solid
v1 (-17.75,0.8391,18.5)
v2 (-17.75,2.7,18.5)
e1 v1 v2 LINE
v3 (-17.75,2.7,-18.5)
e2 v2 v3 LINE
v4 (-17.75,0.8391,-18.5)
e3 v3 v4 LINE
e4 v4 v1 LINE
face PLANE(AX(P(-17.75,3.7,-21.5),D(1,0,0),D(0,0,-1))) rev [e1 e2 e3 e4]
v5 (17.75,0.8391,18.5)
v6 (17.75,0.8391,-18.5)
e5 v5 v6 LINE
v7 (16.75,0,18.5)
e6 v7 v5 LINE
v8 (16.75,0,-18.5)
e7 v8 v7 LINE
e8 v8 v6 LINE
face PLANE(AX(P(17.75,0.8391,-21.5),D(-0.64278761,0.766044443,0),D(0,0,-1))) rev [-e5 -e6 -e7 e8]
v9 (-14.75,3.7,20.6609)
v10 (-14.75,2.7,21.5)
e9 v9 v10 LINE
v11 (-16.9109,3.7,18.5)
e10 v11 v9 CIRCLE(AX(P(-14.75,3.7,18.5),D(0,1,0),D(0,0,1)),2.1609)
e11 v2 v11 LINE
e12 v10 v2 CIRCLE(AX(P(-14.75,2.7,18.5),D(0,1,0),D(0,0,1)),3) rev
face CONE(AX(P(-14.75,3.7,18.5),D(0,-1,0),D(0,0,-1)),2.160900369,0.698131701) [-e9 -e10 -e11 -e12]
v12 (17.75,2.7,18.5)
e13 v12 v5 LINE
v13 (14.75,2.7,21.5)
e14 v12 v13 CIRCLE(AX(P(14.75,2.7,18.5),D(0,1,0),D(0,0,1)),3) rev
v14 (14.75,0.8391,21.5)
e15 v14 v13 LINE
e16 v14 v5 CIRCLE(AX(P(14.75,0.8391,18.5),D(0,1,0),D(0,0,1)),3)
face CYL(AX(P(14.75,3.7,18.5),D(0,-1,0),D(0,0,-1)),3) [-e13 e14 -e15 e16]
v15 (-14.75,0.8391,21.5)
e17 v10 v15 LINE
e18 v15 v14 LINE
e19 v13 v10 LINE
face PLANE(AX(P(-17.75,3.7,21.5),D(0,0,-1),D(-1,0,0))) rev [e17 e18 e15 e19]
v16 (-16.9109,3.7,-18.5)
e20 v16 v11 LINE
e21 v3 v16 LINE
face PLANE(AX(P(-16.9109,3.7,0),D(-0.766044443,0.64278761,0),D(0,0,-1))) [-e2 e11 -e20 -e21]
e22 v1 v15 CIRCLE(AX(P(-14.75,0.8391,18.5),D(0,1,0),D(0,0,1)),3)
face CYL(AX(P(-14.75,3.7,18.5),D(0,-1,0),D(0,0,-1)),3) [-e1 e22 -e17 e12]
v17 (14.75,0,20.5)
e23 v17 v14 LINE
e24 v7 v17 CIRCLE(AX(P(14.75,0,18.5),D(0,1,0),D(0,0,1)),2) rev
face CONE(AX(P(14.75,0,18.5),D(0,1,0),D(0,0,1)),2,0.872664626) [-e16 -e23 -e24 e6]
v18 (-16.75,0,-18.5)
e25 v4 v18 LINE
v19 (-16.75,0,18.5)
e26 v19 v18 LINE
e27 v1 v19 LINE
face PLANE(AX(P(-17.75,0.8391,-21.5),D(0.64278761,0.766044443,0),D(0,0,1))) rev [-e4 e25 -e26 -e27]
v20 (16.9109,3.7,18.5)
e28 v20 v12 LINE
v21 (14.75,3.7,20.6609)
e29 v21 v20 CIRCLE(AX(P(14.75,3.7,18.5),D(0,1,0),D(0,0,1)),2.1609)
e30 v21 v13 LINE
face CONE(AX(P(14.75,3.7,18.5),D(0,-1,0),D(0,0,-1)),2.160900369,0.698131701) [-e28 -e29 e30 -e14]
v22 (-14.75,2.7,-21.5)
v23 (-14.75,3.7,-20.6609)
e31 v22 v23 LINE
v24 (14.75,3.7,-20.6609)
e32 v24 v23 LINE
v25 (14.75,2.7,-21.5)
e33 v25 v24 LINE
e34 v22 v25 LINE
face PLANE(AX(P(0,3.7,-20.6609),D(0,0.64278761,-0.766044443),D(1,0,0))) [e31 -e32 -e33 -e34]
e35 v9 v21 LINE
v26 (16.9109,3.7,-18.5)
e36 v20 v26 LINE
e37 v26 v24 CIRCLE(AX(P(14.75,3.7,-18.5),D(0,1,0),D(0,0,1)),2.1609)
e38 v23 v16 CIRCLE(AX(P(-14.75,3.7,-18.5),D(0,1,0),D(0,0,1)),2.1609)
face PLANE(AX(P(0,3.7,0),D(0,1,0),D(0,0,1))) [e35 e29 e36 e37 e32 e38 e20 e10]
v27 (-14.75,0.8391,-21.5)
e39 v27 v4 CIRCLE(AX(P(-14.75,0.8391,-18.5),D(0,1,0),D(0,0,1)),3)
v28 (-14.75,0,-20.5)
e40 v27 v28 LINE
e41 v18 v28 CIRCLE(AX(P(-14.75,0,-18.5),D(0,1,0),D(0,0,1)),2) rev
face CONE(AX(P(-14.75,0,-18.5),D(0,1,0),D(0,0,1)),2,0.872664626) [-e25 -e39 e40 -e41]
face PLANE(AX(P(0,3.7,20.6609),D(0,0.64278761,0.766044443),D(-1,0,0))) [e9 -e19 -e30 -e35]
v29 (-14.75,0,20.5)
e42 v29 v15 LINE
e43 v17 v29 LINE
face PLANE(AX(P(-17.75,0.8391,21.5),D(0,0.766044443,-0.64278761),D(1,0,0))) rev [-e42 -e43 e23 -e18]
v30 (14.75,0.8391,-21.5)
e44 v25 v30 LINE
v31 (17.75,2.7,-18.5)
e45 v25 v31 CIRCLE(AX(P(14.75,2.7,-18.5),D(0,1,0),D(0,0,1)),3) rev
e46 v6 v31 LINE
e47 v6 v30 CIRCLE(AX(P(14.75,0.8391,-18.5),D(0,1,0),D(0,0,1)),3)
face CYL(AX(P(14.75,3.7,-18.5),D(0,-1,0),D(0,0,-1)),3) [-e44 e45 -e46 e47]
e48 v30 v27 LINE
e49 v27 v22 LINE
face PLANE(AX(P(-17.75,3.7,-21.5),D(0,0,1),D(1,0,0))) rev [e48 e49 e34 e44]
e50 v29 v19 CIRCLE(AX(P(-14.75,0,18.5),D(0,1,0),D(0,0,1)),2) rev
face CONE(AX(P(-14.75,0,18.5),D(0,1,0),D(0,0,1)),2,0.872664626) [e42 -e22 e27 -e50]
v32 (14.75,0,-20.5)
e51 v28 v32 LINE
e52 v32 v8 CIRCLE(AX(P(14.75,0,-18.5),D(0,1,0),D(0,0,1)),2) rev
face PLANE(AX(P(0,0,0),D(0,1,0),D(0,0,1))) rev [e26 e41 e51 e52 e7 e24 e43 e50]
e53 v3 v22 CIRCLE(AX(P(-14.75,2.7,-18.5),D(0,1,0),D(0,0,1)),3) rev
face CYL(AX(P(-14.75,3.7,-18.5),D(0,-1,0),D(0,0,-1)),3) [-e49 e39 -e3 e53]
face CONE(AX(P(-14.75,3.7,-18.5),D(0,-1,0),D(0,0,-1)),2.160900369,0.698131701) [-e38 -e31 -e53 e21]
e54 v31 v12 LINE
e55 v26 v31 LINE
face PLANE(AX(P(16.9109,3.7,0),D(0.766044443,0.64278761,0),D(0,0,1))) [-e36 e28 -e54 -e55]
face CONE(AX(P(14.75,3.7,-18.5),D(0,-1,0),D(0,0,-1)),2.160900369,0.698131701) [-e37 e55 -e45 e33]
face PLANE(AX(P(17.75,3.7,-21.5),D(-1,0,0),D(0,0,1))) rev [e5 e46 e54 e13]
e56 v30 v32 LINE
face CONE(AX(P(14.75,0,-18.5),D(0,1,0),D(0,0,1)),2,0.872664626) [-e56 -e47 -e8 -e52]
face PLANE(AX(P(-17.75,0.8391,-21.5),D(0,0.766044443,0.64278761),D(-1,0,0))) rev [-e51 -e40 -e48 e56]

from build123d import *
from OCP.BRepFilletAPI import BRepFilletAPI_MakeChamfer

# Parameters (mm, degrees)
SKETCH_1_W      = 35.5
SKETCH_1_H      = 43
EXTRUDE_1_DEPTH = 3.7
FILLET_1_R      = 3
CHAMFER_1_SIZE  = 1
CHAMFER_1_SIZE2 = 0.839099631


with BuildPart() as part:
    # Эскиз1 → Бобышка-Вытянуть1 (new body)
    with BuildSketch(Plane(origin=(0, 0, 0), x_dir=(1, 0, 0), z_dir=(0, 1, 0))):
        Rectangle(SKETCH_1_W, SKETCH_1_H)
    extrude(amount=EXTRUDE_1_DEPTH)

    # Скругление1
    fillet_1_edges = [part.edges().sort_by_distance(p)[0] for p in [
        (17.75, 1.85, 21.5),
        (-17.75, 1.85, 21.5),
        (-17.75, 1.85, -21.5),
        (17.75, 1.85, -21.5),
    ]]
    fillet(fillet_1_edges, radius=FILLET_1_R)

    # Фаска1: one chamfer whose edges measure the first distance from different faces: ONE call of the kernel's chamfer builder (chamfer() names one face for all edges)
    chamfer_1_edges_1 = [part.edges().sort_by_distance(p)[0] for p in [
        (-17.75, 0, 0),
        (17.75, 0, 0),
        (0, 0, 21.5),
        (0, 0, -21.5),
        (-16.871320344, 0, 20.621320344),
        (16.871320344, 0, 20.621320344),
        (16.871320344, 0, -20.621320344),
        (-16.871320344, 0, -20.621320344),
    ]]
    chamfer_1_side_1 = [part.faces().sort_by_distance(p)[0] for p in [
        (0, 0, 0),
    ]]
    chamfer_1_edges_2 = [part.edges().sort_by_distance(p)[0] for p in [
        (-17.75, 3.7, 0),
    ]]
    chamfer_1_side_2 = [part.faces().sort_by_distance(p)[0] for p in [
        (-17.75, 1.85, 0),
    ]]
    chamfer_1_edges_3 = [part.edges().sort_by_distance(p)[0] for p in [
        (0, 3.7, -21.5),
    ]]
    chamfer_1_side_3 = [part.faces().sort_by_distance(p)[0] for p in [
        (0, 1.85, -21.5),
    ]]
    chamfer_1_edges_4 = [part.edges().sort_by_distance(p)[0] for p in [
        (17.75, 3.7, 0),
    ]]
    chamfer_1_side_4 = [part.faces().sort_by_distance(p)[0] for p in [
        (17.75, 1.85, 0),
    ]]
    chamfer_1_edges_5 = [part.edges().sort_by_distance(p)[0] for p in [
        (0, 3.7, 21.5),
    ]]
    chamfer_1_side_5 = [part.faces().sort_by_distance(p)[0] for p in [
        (0, 1.85, 21.5),
    ]]
    chamfer_1_edges_6 = [part.edges().sort_by_distance(p)[0] for p in [
        (-16.871320344, 3.7, 20.621320344),
    ]]
    chamfer_1_side_6 = [part.faces().sort_by_distance(p)[0] for p in [
        (-16.871320344, 1.85, 20.621320344),
    ]]
    chamfer_1_edges_7 = [part.edges().sort_by_distance(p)[0] for p in [
        (16.871320344, 3.7, 20.621320344),
    ]]
    chamfer_1_side_7 = [part.faces().sort_by_distance(p)[0] for p in [
        (16.871320344, 1.85, 20.621320344),
    ]]
    chamfer_1_edges_8 = [part.edges().sort_by_distance(p)[0] for p in [
        (16.871320344, 3.7, -20.621320344),
    ]]
    chamfer_1_side_8 = [part.faces().sort_by_distance(p)[0] for p in [
        (16.871320344, 1.85, -20.621320344),
    ]]
    chamfer_1_edges_9 = [part.edges().sort_by_distance(p)[0] for p in [
        (-16.871320344, 3.7, -20.621320344),
    ]]
    chamfer_1_side_9 = [part.faces().sort_by_distance(p)[0] for p in [
        (-16.871320344, 1.85, -20.621320344),
    ]]
    chamfer_1 = BRepFilletAPI_MakeChamfer(part.part.solid().wrapped)
    for e in chamfer_1_edges_1:
        chamfer_1.Add(CHAMFER_1_SIZE, CHAMFER_1_SIZE2, e.wrapped, chamfer_1_side_1[0].wrapped)  # the first distance lies on this face
    for e in chamfer_1_edges_2:
        chamfer_1.Add(CHAMFER_1_SIZE, CHAMFER_1_SIZE2, e.wrapped, chamfer_1_side_2[0].wrapped)  # the first distance lies on this face
    for e in chamfer_1_edges_3:
        chamfer_1.Add(CHAMFER_1_SIZE, CHAMFER_1_SIZE2, e.wrapped, chamfer_1_side_3[0].wrapped)  # the first distance lies on this face
    for e in chamfer_1_edges_4:
        chamfer_1.Add(CHAMFER_1_SIZE, CHAMFER_1_SIZE2, e.wrapped, chamfer_1_side_4[0].wrapped)  # the first distance lies on this face
    for e in chamfer_1_edges_5:
        chamfer_1.Add(CHAMFER_1_SIZE, CHAMFER_1_SIZE2, e.wrapped, chamfer_1_side_5[0].wrapped)  # the first distance lies on this face
    for e in chamfer_1_edges_6:
        chamfer_1.Add(CHAMFER_1_SIZE, CHAMFER_1_SIZE2, e.wrapped, chamfer_1_side_6[0].wrapped)  # the first distance lies on this face
    for e in chamfer_1_edges_7:
        chamfer_1.Add(CHAMFER_1_SIZE, CHAMFER_1_SIZE2, e.wrapped, chamfer_1_side_7[0].wrapped)  # the first distance lies on this face
    for e in chamfer_1_edges_8:
        chamfer_1.Add(CHAMFER_1_SIZE, CHAMFER_1_SIZE2, e.wrapped, chamfer_1_side_8[0].wrapped)  # the first distance lies on this face
    for e in chamfer_1_edges_9:
        chamfer_1.Add(CHAMFER_1_SIZE, CHAMFER_1_SIZE2, e.wrapped, chamfer_1_side_9[0].wrapped)  # the first distance lies on this face
    add(Compound.cast(chamfer_1.Shape()), mode=Mode.REPLACE)


solid = part.part
